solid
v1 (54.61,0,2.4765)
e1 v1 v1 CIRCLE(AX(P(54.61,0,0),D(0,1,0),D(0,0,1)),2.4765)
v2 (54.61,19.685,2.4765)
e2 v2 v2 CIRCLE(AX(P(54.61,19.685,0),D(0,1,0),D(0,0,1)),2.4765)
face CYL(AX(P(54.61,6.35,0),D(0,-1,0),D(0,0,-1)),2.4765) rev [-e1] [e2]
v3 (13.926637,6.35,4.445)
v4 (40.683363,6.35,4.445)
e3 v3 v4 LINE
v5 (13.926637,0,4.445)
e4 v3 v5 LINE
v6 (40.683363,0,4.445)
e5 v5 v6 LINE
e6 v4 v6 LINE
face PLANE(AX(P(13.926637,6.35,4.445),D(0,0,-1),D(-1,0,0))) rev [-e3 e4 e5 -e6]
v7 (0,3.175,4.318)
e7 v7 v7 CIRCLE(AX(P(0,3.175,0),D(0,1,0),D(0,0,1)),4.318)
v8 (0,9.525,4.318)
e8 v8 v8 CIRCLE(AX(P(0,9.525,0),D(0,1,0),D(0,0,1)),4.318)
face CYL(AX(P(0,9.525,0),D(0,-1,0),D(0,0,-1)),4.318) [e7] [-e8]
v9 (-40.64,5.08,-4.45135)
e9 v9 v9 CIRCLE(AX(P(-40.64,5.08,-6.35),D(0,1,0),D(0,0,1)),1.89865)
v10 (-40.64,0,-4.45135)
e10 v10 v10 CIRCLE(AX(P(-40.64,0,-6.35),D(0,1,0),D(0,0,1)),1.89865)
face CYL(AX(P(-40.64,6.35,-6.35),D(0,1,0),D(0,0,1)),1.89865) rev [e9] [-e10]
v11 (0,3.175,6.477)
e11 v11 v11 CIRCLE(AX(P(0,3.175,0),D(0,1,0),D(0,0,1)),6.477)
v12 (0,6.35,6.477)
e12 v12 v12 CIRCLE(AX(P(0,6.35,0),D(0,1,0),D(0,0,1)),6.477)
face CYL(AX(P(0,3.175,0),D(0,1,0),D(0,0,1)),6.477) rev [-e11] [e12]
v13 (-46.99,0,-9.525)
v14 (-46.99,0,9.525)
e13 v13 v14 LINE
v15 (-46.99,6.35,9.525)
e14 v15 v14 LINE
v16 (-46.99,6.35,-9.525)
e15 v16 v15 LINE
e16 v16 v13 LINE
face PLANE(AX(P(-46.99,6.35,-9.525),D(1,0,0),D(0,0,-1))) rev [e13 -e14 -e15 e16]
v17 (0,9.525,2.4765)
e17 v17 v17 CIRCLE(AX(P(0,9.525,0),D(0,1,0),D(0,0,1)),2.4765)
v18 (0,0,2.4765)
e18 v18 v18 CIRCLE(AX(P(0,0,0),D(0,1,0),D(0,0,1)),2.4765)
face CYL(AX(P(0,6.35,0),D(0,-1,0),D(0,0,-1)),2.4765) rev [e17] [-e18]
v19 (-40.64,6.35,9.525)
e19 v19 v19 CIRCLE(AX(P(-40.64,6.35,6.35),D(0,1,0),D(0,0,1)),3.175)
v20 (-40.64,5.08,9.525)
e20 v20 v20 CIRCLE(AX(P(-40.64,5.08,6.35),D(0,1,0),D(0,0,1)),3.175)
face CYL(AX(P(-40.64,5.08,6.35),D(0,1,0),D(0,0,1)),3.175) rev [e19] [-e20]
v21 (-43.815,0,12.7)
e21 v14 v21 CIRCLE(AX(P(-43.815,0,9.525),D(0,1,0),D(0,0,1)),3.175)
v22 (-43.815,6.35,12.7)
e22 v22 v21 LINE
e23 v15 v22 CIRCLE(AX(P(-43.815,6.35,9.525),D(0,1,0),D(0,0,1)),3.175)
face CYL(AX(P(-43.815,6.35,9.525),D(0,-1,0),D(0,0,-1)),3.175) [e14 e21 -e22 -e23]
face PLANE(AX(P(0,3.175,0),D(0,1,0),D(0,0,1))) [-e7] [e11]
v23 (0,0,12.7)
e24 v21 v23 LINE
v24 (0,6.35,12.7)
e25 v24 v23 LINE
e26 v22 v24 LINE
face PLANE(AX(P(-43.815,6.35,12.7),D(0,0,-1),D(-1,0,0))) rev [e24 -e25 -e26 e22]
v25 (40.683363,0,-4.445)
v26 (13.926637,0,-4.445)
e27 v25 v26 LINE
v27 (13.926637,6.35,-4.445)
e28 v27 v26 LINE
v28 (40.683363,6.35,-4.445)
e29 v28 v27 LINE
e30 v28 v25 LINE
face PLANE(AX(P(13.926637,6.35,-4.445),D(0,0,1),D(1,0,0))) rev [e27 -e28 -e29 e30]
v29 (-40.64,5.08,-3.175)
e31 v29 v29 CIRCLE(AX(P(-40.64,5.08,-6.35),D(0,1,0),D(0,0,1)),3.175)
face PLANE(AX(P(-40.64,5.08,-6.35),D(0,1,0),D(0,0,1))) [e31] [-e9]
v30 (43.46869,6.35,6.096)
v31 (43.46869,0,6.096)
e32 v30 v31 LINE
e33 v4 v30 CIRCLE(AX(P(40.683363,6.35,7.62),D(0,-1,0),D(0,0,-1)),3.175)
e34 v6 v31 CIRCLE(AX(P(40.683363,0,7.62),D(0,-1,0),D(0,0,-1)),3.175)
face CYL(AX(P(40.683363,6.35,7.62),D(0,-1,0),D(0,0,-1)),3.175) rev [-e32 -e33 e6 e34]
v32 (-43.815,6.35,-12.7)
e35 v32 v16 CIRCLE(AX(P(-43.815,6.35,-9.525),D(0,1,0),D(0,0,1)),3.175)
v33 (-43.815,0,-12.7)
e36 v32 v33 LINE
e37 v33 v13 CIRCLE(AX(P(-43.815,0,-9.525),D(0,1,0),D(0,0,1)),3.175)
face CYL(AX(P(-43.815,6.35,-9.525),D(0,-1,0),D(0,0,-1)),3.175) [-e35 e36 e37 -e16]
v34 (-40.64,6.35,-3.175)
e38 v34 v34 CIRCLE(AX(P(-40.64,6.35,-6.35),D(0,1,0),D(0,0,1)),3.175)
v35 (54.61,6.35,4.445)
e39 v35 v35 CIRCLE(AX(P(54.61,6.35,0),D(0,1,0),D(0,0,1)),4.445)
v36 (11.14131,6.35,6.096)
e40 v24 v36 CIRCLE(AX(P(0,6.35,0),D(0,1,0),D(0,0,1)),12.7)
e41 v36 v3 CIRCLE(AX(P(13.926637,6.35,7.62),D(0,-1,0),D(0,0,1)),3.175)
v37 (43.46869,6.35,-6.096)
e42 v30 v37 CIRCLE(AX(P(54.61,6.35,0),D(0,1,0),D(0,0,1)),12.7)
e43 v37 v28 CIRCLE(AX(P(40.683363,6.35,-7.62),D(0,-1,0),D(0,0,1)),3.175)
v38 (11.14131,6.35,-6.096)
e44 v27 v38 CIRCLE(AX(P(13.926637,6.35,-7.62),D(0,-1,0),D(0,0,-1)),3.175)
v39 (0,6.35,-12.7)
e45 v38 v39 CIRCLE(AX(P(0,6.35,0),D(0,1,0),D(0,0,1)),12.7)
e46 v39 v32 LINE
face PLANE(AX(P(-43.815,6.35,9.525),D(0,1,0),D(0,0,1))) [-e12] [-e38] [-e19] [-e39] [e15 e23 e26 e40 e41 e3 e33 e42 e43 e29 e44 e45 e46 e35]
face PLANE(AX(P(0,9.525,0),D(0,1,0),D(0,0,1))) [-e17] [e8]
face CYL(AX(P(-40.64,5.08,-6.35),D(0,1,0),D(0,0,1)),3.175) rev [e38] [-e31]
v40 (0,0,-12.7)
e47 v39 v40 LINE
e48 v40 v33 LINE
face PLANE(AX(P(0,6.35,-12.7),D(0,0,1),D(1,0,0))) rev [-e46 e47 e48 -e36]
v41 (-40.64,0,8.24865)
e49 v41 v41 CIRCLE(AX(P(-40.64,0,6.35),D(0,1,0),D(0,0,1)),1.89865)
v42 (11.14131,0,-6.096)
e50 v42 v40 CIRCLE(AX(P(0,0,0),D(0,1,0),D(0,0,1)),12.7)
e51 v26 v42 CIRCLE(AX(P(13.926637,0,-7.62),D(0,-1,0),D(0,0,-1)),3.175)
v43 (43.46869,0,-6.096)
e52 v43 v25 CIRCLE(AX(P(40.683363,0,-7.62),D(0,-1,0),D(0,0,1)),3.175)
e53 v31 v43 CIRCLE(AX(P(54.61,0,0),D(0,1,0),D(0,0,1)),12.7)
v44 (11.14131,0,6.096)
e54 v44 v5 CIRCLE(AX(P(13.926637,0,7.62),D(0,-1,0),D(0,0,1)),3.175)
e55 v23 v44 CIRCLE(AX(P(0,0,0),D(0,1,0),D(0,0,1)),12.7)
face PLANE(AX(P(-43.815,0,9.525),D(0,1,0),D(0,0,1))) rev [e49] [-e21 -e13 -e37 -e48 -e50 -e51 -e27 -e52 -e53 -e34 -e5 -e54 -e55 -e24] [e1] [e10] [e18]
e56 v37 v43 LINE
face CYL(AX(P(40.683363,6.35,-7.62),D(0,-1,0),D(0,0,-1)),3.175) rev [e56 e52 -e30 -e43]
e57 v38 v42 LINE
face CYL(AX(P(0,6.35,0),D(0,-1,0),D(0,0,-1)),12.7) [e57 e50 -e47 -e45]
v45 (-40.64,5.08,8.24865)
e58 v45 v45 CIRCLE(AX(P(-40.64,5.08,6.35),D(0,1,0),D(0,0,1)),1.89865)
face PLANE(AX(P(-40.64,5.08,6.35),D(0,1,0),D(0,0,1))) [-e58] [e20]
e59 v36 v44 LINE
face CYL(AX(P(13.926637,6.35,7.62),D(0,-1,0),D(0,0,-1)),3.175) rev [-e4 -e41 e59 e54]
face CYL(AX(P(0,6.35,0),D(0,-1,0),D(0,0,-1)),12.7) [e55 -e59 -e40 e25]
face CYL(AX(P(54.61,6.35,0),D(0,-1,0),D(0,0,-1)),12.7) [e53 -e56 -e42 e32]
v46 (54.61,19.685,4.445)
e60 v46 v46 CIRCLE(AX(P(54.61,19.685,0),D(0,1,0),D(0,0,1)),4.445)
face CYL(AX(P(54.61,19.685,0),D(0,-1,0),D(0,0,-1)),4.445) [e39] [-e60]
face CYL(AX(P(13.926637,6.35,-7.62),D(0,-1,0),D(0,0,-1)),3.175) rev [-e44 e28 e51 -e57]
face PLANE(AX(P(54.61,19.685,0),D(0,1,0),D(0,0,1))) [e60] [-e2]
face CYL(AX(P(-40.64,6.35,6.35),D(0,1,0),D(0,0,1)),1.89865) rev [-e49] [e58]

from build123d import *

# Parameters (mm, degrees)
SKETCH1_R              = 2.4765
BOSS_EXTRUDE1_DEPTH    = 6.35
SKETCH2_R              = 6.477
CUT_EXTRUDE1_DEPTH     = 3.175
SKETCH3_R              = 4.318
SKETCH3_R_2            = 2.4765
BOSS_EXTRUDE2_DEPTH    = 6.35
SKETCH4_R              = 4.445
SKETCH4_R_2            = 2.4765
BOSS_EXTRUDE3_DEPTH    = 13.335
SKETCH6_R              = 3.175
CUT_EXTRUDE2_DEPTH     = 1.27
F_10_24_TAPPED_HOLE1_D = 3.7973


with BuildPart() as part:
    # Sketch1 → Boss-Extrude1 (new body)
    with BuildSketch(Plane(origin=(0, 0, 0), x_dir=(1, 0, 0), z_dir=(0, 1, 0))):
        with BuildLine():
            Line((0, 12.7), (-43.815, 12.7))
            ThreePointArc((-43.815, 12.7), (-46.06006403, 11.77006403), (-46.99, 9.525))
            Line((-46.99, 9.525), (-46.99, -9.525))
            ThreePointArc((-46.99, -9.525), (-46.06006403, -11.77006403), (-43.815, -12.7))
            Line((-43.815, -12.7), (0, -12.7))
            ThreePointArc((0, -12.7), (6.475754782, -10.924953089), (11.141309797, -6.096))
            ThreePointArc((11.141309797, -6.096), (12.307698551, -4.888761728), (13.926637247, -4.445))
            Line((13.926637247, -4.445), (40.683362753, -4.445))
            ThreePointArc((40.683362753, -4.445), (42.302301449, -4.888761728), (43.468690203, -6.096))
            ThreePointArc((43.468690203, -6.096), (67.31, 0), (43.468690203, 6.096))
            ThreePointArc((43.468690203, 6.096), (42.302301449, 4.888761728), (40.683362753, 4.445))
            Line((40.683362753, 4.445), (13.926637247, 4.445))
            ThreePointArc((13.926637247, 4.445), (12.307698551, 4.888761728), (11.141309797, 6.096))
            ThreePointArc((11.141309797, 6.096), (6.475754782, 10.924953089), (0, 12.7))
        make_face()
        with Locations(Location((0, 0, 0), (0, 0, 270))):
            Circle(SKETCH1_R, mode=Mode.SUBTRACT)
        with Locations(Location((54.61, 0, 0), (0, 0, 270))):
            Circle(SKETCH1_R, mode=Mode.SUBTRACT)
    extrude(amount=BOSS_EXTRUDE1_DEPTH)

    # Sketch2 → Cut-Extrude1 (cut)
    with BuildSketch(Plane(origin=(0, 6.35, 0), x_dir=(1, 0, 0), z_dir=(0, 1, 0))):
        with Locations(Location((0, 0, 0), (0, 0, 270))):
            Circle(SKETCH2_R)
    extrude(amount=-CUT_EXTRUDE1_DEPTH, mode=Mode.SUBTRACT)

    # Sketch3 → Boss-Extrude2 (add)
    with BuildSketch(Plane(origin=(0, 3.175, 0), x_dir=(1, 0, 0), z_dir=(0, 1, 0))):
        with Locations(Location((0, 0, 0), (0, 0, 270))):
            Circle(SKETCH3_R)
        with Locations(Location((0, 0, 0), (0, 0, 270))):
            Circle(SKETCH3_R_2, mode=Mode.SUBTRACT)
    extrude(amount=BOSS_EXTRUDE2_DEPTH)

    # Sketch4 → Boss-Extrude3 (add)
    with BuildSketch(Plane(origin=(0, 6.35, 0), x_dir=(1, 0, 0), z_dir=(0, 1, 0))):
        with Locations(Location((54.61, 0, 0), (0, 0, 270))):
            Circle(SKETCH4_R)
        with Locations(Location((54.61, 0, 0), (0, 0, 270))):
            Circle(SKETCH4_R_2, mode=Mode.SUBTRACT)
    extrude(amount=BOSS_EXTRUDE3_DEPTH)

    # Sketch6 → Cut-Extrude2 (cut)
    with BuildSketch(Plane(origin=(0, 6.35, 0), x_dir=(1, 0, 0), z_dir=(0, 1, 0))):
        with Locations(Location((-40.64, 6.35, 0), (0, 0, 270))):
            Circle(SKETCH6_R)
        with Locations(Location((-40.64, -6.35, 0), (0, 0, 270))):
            Circle(SKETCH6_R)
    extrude(amount=-CUT_EXTRUDE2_DEPTH, mode=Mode.SUBTRACT)

    # #10-24 Tapped Hole1 (through all)
    with Locations(Plane(origin=(-40.64, 6.35, -6.35), x_dir=(0, 0, 1), z_dir=(0, 1, 0))):
        with Locations((0, 0), (12.7, 0)):
            Hole(F_10_24_TAPPED_HOLE1_D / 2)


solid = part.part
